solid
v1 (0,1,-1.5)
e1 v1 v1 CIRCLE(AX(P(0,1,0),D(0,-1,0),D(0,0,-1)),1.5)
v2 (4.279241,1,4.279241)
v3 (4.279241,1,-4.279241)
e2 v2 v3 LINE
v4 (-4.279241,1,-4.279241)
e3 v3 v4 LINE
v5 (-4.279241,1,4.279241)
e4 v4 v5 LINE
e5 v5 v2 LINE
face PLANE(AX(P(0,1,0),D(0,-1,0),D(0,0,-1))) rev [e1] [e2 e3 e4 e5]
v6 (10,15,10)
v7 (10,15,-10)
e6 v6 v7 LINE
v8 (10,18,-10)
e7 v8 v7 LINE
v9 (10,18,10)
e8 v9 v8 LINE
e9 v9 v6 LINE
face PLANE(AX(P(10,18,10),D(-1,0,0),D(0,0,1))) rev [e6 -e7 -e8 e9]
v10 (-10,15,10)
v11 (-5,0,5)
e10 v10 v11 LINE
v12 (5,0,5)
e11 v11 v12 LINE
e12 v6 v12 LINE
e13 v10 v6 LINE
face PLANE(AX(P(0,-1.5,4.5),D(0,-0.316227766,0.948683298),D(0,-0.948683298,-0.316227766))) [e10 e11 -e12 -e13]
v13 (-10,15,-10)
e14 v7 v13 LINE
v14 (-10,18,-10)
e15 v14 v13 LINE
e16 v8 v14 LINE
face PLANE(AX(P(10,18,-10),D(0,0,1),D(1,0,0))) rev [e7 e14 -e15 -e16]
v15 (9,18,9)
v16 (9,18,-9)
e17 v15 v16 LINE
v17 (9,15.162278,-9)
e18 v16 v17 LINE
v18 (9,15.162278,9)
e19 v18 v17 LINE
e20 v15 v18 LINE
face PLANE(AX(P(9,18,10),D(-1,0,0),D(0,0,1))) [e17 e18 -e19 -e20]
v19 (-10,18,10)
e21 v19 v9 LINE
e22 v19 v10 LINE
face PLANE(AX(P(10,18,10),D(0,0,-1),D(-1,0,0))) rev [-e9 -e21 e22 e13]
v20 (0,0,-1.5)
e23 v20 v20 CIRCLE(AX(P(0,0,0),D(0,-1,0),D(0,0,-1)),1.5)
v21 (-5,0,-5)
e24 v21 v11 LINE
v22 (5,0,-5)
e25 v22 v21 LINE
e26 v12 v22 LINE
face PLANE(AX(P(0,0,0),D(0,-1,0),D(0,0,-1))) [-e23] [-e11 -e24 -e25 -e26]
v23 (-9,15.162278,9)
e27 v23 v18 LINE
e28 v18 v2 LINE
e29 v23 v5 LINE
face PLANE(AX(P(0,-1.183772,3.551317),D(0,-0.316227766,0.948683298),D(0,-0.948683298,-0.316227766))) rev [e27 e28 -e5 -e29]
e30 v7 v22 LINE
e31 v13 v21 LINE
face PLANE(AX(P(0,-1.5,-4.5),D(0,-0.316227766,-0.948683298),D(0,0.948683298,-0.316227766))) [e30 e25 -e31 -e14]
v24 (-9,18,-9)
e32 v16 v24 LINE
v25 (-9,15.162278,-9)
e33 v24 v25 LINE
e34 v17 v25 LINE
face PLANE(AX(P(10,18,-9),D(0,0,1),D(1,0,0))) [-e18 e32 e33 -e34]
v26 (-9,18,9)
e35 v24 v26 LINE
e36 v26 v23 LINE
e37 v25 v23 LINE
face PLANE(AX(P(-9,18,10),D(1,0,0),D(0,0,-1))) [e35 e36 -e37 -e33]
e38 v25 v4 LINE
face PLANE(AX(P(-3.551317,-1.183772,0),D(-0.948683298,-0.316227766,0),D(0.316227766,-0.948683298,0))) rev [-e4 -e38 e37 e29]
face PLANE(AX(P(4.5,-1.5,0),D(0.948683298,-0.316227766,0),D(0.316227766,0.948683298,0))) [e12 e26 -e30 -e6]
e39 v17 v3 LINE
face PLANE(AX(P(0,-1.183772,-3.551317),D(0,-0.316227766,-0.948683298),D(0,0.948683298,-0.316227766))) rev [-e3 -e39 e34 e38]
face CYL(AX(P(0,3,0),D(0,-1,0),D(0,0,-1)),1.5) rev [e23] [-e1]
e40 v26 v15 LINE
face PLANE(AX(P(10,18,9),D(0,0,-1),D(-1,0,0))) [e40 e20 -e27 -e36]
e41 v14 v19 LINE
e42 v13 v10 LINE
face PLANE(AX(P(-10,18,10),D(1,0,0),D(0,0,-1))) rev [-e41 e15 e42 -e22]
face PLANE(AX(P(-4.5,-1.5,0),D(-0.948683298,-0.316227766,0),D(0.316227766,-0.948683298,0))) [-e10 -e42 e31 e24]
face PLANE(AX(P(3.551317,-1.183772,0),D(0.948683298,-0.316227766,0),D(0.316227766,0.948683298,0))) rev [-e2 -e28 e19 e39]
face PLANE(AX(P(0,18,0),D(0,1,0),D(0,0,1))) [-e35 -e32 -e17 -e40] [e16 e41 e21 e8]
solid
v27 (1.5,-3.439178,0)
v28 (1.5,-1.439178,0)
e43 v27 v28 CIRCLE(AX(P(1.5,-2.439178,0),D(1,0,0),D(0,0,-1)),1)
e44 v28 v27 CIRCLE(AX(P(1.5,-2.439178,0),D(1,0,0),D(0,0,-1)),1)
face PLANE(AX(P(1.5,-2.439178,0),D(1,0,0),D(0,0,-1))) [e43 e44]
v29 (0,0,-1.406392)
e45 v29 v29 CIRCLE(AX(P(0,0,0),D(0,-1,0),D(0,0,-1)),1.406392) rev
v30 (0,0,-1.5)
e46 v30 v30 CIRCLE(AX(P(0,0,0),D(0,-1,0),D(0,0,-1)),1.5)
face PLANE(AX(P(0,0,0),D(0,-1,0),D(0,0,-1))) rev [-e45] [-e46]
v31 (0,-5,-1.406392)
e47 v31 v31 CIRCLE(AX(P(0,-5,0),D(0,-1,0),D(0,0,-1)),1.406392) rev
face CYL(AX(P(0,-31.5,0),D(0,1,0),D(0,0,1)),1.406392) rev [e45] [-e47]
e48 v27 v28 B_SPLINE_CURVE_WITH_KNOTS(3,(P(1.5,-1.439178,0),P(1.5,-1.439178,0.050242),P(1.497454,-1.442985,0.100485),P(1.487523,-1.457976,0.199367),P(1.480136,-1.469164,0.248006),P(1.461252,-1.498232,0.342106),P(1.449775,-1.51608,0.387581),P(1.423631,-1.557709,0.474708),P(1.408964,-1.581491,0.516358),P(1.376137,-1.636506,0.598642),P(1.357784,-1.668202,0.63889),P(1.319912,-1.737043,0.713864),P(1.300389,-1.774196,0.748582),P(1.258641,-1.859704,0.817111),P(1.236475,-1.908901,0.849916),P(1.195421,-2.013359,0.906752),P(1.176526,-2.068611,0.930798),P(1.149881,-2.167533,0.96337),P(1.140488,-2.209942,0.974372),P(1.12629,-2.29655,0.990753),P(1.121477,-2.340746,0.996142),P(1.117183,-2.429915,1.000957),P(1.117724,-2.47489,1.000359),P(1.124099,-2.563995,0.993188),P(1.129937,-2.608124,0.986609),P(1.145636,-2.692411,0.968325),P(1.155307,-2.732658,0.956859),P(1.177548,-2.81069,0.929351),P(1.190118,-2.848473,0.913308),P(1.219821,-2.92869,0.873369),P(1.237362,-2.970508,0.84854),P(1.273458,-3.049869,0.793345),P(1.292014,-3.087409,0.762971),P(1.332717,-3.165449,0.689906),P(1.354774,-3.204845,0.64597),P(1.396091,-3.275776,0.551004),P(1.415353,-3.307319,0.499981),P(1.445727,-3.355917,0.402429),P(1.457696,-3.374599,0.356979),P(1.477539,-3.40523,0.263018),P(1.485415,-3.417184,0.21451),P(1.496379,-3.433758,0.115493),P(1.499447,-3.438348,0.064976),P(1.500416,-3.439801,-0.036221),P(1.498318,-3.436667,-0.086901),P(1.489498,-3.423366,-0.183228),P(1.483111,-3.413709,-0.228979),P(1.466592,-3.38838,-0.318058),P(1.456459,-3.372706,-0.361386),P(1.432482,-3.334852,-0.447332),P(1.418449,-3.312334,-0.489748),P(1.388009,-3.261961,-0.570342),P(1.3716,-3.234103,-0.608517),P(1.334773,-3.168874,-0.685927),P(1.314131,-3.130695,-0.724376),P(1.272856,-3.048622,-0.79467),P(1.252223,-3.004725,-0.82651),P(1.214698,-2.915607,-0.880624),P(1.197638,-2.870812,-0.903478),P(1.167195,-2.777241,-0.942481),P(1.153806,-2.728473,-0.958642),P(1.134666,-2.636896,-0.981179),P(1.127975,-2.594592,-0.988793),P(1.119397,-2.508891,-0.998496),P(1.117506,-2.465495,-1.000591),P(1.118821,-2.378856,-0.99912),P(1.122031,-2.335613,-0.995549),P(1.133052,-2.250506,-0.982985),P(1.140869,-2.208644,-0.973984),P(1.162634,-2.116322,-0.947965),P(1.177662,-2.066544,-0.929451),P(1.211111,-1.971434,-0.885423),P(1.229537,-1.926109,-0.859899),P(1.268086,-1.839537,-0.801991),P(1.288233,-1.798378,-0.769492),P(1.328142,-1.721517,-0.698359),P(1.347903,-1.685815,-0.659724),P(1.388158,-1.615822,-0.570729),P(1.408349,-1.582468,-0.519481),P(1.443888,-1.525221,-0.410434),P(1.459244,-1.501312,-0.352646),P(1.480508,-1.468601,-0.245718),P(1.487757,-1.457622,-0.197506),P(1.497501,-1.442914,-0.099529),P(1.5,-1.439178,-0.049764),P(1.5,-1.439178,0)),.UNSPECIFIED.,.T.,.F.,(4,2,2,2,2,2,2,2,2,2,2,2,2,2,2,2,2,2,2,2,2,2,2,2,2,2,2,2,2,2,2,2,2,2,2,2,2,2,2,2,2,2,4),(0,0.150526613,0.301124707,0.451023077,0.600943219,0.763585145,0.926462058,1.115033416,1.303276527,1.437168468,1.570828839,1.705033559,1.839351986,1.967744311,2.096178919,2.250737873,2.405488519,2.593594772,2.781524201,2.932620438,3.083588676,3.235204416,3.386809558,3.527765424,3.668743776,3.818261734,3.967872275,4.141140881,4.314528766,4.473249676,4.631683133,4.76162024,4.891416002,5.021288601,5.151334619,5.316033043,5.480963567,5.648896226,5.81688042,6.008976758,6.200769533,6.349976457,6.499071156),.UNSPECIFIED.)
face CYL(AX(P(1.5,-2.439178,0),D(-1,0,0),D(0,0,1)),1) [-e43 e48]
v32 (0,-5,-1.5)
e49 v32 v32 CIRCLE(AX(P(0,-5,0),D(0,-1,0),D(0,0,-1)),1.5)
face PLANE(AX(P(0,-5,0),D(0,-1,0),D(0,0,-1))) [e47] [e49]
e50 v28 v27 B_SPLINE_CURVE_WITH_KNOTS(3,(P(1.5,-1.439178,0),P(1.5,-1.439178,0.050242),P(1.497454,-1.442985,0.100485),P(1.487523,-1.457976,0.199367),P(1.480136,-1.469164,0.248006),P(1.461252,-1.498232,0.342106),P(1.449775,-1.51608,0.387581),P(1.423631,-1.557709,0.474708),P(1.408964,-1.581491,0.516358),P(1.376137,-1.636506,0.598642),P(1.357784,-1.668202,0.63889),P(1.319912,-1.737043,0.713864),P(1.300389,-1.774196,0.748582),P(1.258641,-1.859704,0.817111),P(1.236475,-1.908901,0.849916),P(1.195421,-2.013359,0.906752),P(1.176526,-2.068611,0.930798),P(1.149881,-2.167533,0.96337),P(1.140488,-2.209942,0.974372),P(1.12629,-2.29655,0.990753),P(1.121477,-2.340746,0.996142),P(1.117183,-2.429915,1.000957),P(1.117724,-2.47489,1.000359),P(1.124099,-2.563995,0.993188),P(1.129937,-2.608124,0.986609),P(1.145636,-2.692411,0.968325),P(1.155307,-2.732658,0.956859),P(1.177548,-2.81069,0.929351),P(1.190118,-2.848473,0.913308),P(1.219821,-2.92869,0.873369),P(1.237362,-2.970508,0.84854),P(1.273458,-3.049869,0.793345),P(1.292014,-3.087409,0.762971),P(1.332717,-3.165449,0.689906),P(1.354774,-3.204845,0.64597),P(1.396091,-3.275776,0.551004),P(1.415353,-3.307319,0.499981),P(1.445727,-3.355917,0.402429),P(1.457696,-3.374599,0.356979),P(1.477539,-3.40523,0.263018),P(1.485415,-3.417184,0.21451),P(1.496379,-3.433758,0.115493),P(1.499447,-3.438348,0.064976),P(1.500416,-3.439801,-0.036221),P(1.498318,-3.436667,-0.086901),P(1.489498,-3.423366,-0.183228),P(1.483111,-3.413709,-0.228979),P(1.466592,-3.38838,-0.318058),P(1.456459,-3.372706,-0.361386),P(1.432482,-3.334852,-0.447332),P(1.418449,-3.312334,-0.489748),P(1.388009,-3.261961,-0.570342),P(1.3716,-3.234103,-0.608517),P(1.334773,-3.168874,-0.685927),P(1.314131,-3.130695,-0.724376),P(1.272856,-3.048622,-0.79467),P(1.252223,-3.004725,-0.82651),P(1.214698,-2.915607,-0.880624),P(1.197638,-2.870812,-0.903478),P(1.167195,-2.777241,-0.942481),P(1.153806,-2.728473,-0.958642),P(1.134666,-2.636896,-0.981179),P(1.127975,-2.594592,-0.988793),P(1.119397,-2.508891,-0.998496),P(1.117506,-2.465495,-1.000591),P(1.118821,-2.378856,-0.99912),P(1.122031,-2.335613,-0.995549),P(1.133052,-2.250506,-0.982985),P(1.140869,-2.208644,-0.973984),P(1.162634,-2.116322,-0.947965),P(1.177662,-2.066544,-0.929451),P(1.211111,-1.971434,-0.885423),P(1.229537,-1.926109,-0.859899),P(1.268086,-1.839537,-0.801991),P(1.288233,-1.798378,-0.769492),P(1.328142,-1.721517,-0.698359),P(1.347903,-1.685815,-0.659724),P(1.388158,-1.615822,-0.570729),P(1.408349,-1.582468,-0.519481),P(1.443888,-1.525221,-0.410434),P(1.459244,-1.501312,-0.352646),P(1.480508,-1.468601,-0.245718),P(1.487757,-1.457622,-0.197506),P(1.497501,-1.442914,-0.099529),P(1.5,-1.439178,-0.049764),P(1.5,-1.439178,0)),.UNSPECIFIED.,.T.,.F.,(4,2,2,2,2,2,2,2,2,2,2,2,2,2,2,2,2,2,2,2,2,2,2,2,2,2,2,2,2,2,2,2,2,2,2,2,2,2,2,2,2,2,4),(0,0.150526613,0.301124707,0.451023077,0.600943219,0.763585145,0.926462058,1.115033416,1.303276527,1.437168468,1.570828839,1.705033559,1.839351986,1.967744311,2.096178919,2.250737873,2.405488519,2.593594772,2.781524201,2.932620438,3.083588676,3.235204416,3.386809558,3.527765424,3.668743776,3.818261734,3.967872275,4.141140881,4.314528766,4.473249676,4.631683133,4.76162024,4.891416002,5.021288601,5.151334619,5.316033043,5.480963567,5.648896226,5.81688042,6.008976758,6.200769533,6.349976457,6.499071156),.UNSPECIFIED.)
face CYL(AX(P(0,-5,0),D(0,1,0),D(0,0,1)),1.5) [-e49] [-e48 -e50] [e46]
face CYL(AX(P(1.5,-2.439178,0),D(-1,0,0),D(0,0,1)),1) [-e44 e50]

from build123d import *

# Parameters (mm, degrees)
CROQUIS3_W                 = 20
CROQUIS3_H                 = 20
SALIENTE_EXTRUIR1_DEPTH    = 3
VACIADO2_T                 = -1
CROQUIS4_R                 = 1.5
CORTAR_EXTRUIR1_DEPTH      = 3
CROQUIS5_R                 = 1.5
SALIENTE_EXTRUIR2_DEPTH    = 5
CROQUIS6_R                 = 1.355898714
CORTAR_EXTRUIR2_DEPTH      = 15
CROQUIS7_R                 = 1
SALIENTE_EXTRUIR4_DEPTH    = 1.5
CORTAR_EXTRUIR3_DEPTH      = 31.5
CORTAR_EXTRUIR3_DEPTH_BACK = 1.5
CROQUIS10_R                = 1.406391719


with BuildPart() as part:
    # Croquis2 → Recubrir1 section 0
    with BuildSketch(Plane(origin=(0, 15, 0), x_dir=(1, 0, 0), z_dir=(0, 1, 0))):
        with BuildLine():
            Line((-10, -10), (10, -10))
            Line((10, -10), (10, 10))
            Line((10, 10), (-10, 10))
            Line((-10, 10), (-10, -10))
        make_face()
    # Croquis1 → Recubrir1 section 1
    with BuildSketch(Plane(origin=(0, 0, 0), x_dir=(1, 0, 0), z_dir=(0, 1, 0))):
        with BuildLine():
            Line((-5, -5), (5, -5))
            Line((5, -5), (5, 5))
            Line((5, 5), (-5, 5))
            Line((-5, 5), (-5, -5))
        make_face()
    loft()

    # Croquis3 → Saliente-Extruir1 (add)
    with BuildSketch(Plane(origin=(0, 15, 0), x_dir=(1, 0, 0), z_dir=(0, 1, 0))):
        Rectangle(CROQUIS3_W, CROQUIS3_H)
    extrude(amount=SALIENTE_EXTRUIR1_DEPTH)

    # Vaciado2
    vaciado2_openings = [part.faces().sort_by_distance(p)[0] for p in [
        (0, 18, 0),
    ]]
    offset(amount=VACIADO2_T, openings=vaciado2_openings, kind=Kind.INTERSECTION)

    # Croquis4 → Cortar-Extruir1 (cut)
    with BuildSketch(Plane(origin=(0, 0, 0), x_dir=(-1, 0, 0), z_dir=(0, -1, 0))):
        with Locations(Location((0, 0, 0), (0, 0, 90))):
            Circle(CROQUIS4_R)
    extrude(amount=-CORTAR_EXTRUIR1_DEPTH, mode=Mode.SUBTRACT)


with BuildPart() as body_2:
    # Croquis5 → Saliente-Extruir2 (new body)
    with BuildSketch(Plane(origin=(0, 0, 0), x_dir=(-1, 0, 0), z_dir=(0, -1, 0))):
        with Locations(Location((0, 0, 0), (0, 0, 90))):
            Circle(CROQUIS5_R)
    extrude(amount=SALIENTE_EXTRUIR2_DEPTH)

    # Croquis6 → Cortar-Extruir2 (cut)
    with BuildSketch(Plane(origin=(0, -5, 0), x_dir=(-1, 0, 0), z_dir=(0, -1, 0))):
        with Locations(Location((0, 0, 0), (0, 0, 90))):
            Circle(CROQUIS6_R)
    extrude(amount=-CORTAR_EXTRUIR2_DEPTH, mode=Mode.SUBTRACT)

    # Croquis7 → Saliente-Extruir4 (add)
    with BuildSketch(Plane(origin=(0, 0, 0), x_dir=(0, 0, -1), z_dir=(1, 0, 0))):
        with Locations(Location((0, -2.4391778, 0), (0, 0, 180))):
            Circle(CROQUIS7_R)
    extrude(amount=SALIENTE_EXTRUIR4_DEPTH)

    # Croquis10 → Cortar-Extruir3 (cut, two sides: drawn at the far end of the back side and taken through both)
    with BuildSketch(Plane(origin=(0, 0, 0), x_dir=(-1, 0, 0), z_dir=(0, -1, 0)).offset(-CORTAR_EXTRUIR3_DEPTH_BACK)):
        with Locations(Location((0, 0, 0), (0, 0, 90))):
            Circle(CROQUIS10_R)
    extrude(amount=CORTAR_EXTRUIR3_DEPTH + CORTAR_EXTRUIR3_DEPTH_BACK, mode=Mode.SUBTRACT)


solid = Compound([part.part, body_2.part])
